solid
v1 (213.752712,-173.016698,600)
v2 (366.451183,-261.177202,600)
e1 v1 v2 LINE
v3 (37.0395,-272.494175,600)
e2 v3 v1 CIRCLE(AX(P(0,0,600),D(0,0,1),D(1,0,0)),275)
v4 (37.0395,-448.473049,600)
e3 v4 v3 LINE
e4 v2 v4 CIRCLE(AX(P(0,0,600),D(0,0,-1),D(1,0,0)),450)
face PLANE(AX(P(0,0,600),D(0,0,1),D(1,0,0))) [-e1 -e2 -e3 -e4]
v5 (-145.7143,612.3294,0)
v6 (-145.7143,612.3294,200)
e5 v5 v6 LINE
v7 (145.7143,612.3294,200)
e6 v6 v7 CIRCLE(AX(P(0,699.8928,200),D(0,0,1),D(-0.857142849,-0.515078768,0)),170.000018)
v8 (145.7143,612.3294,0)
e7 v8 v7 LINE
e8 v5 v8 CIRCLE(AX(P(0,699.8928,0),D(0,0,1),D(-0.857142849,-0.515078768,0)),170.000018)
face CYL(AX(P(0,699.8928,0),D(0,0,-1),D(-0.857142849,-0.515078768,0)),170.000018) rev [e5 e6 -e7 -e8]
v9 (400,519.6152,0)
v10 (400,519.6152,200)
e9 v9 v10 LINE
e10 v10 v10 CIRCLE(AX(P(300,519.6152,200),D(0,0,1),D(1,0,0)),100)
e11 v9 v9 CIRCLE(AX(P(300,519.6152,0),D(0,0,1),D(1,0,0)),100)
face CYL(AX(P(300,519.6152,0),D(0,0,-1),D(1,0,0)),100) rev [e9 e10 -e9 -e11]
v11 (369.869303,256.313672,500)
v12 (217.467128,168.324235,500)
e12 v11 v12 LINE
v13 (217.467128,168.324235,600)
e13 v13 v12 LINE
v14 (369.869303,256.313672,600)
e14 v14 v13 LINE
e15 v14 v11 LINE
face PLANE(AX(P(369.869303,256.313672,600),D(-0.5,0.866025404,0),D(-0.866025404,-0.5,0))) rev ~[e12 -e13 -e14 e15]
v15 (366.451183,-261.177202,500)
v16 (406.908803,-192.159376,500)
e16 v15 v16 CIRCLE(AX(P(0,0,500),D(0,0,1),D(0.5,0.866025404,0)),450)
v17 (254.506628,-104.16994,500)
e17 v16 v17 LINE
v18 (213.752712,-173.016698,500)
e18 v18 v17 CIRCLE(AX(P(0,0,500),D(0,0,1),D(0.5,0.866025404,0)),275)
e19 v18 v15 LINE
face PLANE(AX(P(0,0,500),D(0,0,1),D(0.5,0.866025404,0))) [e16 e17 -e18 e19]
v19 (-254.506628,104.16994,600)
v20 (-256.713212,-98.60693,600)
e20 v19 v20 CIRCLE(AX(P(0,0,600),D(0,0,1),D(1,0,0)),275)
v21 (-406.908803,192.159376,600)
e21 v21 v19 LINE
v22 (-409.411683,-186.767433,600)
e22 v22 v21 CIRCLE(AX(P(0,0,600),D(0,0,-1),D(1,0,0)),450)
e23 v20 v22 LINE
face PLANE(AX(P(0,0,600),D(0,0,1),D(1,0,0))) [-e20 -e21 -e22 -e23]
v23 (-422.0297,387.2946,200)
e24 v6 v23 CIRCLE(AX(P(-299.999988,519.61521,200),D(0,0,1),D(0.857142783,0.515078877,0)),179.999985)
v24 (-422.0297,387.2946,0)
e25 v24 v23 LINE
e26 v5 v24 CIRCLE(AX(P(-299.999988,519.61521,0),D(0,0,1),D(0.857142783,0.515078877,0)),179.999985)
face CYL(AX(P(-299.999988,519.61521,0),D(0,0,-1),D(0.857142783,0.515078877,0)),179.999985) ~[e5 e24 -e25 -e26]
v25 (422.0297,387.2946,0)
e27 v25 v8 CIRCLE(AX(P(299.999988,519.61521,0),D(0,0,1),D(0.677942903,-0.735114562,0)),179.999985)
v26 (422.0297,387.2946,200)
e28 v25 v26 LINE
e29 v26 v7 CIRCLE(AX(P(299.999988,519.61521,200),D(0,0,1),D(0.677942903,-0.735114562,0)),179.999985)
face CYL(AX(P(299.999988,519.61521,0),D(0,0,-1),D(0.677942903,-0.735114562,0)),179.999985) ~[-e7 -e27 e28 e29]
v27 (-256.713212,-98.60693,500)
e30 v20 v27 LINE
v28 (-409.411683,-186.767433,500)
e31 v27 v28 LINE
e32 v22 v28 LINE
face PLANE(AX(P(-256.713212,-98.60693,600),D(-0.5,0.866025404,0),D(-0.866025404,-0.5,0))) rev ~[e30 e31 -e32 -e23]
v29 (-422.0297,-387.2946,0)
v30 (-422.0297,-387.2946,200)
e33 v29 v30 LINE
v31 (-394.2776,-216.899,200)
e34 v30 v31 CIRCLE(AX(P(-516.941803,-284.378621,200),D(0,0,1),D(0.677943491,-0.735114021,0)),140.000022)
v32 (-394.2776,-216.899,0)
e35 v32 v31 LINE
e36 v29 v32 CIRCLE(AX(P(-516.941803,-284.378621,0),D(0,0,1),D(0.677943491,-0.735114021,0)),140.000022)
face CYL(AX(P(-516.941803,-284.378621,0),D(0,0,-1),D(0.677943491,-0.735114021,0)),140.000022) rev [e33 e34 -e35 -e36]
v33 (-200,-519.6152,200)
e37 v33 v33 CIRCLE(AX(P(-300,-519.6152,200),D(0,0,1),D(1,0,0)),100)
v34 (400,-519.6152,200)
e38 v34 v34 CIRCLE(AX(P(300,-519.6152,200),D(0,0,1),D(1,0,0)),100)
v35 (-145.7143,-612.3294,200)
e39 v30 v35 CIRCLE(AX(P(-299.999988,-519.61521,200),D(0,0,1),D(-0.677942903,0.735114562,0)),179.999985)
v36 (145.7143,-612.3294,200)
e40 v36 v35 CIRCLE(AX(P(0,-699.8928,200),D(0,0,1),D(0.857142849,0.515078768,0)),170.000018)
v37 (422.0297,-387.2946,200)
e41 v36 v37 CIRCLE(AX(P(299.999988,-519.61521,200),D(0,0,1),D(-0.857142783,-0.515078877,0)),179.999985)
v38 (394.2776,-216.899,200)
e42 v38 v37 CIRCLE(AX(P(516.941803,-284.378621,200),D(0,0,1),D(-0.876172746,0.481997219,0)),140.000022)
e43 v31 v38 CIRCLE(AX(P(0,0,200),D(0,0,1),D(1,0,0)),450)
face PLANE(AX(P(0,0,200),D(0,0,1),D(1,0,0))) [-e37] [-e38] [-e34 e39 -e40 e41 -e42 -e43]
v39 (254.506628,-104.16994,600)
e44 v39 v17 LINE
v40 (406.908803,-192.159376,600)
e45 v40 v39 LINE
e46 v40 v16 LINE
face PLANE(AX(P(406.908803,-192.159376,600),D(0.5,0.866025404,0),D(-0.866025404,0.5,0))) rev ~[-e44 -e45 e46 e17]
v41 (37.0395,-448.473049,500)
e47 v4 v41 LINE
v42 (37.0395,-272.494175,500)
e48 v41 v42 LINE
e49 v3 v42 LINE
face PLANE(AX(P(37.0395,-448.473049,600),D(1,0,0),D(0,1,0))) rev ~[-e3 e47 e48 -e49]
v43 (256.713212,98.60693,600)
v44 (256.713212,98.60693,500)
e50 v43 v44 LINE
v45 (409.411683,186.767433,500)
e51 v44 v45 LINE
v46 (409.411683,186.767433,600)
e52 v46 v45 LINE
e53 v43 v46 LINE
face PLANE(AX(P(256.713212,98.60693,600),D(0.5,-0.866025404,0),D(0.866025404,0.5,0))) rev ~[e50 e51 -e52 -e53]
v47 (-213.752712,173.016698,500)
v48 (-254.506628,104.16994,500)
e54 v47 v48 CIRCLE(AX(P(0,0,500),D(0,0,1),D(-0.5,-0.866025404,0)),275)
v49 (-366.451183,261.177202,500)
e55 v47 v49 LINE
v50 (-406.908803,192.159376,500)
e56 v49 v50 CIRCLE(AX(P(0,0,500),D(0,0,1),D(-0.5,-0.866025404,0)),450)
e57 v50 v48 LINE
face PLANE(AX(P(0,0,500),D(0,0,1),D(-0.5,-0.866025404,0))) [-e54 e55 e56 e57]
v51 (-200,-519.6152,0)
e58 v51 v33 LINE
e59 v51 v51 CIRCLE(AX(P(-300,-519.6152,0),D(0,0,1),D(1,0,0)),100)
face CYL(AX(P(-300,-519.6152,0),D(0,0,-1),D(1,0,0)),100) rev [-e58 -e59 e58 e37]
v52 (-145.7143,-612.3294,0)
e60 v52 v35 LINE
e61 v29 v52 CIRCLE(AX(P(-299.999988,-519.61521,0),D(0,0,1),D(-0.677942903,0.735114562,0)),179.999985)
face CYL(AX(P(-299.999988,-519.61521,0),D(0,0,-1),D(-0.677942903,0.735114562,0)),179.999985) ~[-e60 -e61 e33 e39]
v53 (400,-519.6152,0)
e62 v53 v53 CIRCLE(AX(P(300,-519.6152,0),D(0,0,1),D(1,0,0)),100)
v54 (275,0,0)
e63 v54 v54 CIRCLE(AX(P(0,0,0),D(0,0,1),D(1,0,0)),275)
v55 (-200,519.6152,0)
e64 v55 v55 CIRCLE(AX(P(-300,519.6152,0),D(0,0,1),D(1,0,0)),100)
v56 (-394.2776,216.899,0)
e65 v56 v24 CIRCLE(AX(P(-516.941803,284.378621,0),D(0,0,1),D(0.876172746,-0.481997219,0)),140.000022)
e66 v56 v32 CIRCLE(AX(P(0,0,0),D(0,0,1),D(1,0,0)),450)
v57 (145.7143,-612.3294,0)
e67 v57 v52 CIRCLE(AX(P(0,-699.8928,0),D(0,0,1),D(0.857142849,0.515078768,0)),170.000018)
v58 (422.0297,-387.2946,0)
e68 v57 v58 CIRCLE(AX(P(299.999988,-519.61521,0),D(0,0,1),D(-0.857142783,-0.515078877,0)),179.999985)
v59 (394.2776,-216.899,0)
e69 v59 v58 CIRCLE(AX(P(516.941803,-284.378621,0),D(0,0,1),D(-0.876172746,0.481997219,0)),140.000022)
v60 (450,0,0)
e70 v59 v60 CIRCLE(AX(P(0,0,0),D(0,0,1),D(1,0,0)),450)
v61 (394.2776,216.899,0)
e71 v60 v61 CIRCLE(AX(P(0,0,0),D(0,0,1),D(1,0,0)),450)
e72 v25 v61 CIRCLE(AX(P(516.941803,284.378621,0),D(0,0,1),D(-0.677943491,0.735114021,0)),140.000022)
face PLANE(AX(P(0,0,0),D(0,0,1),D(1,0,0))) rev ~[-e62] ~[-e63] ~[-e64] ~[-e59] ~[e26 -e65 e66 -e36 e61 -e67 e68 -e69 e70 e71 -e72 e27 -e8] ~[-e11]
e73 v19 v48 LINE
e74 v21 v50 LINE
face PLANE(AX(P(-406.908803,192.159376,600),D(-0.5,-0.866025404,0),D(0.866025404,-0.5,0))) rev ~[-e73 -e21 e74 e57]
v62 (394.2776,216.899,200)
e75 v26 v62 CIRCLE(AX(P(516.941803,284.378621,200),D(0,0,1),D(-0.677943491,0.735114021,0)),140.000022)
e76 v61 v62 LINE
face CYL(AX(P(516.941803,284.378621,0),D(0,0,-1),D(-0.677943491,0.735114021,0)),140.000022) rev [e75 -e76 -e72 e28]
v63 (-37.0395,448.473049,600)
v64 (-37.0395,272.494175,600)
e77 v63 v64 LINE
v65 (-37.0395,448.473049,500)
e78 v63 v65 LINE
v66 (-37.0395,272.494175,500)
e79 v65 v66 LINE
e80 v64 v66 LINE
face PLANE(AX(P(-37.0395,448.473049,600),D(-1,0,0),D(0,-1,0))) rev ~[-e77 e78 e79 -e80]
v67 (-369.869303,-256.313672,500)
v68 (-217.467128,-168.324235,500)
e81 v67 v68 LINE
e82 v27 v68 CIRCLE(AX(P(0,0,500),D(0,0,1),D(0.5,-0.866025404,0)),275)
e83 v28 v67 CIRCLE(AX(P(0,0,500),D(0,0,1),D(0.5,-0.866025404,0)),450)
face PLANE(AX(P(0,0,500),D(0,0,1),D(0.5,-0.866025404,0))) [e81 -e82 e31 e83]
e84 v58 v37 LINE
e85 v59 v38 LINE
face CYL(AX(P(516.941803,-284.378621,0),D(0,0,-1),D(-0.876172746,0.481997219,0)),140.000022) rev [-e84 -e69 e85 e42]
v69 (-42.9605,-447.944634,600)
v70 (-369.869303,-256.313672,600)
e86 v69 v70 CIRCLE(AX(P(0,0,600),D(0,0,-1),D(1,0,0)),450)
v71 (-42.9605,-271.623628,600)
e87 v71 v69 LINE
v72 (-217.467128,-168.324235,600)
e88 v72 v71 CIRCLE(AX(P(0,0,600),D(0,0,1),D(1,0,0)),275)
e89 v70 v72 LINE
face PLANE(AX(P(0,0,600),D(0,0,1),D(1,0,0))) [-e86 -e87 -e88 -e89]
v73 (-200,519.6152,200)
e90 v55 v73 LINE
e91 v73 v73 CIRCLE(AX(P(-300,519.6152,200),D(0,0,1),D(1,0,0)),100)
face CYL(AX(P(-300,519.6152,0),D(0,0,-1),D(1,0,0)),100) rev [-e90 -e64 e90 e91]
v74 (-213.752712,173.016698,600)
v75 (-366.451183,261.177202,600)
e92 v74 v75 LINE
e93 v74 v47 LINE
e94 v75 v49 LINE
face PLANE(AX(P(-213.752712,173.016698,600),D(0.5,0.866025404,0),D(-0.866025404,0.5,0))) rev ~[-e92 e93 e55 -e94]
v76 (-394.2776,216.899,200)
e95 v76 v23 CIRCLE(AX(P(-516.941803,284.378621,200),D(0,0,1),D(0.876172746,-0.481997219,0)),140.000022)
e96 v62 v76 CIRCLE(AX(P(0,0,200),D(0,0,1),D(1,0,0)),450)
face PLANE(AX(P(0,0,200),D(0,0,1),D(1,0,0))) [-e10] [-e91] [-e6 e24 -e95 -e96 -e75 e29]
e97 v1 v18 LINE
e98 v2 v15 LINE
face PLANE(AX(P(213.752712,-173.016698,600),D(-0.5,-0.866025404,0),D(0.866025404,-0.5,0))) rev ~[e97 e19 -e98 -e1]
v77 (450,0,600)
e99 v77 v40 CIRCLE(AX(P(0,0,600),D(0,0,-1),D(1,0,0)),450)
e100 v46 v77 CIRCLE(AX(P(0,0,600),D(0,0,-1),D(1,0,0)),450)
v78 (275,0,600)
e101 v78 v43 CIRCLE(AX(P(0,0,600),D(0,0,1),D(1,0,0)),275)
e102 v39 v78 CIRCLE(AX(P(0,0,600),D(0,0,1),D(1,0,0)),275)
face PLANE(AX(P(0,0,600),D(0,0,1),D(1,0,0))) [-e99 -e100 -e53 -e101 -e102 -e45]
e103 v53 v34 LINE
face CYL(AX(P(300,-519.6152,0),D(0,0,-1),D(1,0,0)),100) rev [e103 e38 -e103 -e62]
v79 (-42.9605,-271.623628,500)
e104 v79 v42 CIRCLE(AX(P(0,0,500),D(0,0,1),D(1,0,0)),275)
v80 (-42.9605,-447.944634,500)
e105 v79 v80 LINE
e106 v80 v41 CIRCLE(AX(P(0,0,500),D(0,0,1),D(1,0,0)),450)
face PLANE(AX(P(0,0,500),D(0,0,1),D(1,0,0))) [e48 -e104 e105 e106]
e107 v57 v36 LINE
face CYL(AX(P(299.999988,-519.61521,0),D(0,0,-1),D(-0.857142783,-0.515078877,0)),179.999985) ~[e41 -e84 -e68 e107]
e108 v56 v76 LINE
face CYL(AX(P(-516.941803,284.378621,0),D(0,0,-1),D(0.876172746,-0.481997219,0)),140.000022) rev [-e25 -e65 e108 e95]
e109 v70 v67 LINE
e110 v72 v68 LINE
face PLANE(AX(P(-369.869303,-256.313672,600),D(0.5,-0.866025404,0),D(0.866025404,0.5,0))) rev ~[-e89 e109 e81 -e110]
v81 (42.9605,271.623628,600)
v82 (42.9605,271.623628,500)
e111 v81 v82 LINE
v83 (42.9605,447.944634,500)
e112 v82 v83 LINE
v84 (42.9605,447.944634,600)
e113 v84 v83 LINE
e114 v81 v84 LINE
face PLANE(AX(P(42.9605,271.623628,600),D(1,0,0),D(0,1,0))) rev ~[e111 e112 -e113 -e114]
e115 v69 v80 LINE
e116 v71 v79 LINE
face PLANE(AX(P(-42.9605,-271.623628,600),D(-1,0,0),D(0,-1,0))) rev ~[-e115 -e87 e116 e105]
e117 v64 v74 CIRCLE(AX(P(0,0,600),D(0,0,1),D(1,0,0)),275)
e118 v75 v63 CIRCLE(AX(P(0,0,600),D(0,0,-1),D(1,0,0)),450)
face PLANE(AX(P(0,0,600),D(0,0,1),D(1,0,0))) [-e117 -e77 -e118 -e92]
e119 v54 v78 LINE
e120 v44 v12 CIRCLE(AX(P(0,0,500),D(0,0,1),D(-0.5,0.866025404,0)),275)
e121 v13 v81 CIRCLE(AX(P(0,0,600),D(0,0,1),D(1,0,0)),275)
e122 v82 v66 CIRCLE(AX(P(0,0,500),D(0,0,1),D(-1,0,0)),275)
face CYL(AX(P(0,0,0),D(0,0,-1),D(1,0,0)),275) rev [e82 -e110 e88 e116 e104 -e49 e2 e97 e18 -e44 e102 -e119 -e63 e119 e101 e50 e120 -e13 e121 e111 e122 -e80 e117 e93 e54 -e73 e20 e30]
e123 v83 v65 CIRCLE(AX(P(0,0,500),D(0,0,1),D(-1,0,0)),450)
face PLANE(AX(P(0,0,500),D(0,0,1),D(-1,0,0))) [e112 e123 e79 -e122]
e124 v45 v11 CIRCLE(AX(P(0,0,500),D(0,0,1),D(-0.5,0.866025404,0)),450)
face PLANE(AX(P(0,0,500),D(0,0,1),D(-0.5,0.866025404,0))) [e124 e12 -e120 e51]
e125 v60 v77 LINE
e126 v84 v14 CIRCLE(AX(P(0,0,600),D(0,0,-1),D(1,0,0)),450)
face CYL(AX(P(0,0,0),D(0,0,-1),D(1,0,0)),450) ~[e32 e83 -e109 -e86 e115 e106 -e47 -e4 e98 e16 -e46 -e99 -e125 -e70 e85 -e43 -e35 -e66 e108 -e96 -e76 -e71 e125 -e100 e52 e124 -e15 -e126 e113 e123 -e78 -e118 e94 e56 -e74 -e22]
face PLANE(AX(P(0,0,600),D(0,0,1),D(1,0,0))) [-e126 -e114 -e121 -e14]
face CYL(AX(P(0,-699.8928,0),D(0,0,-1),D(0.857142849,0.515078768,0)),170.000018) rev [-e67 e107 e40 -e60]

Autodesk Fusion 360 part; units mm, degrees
sketch "Sketch1" plane through (0, 0, 0) normal (0, 0, 1) x (1, 0, 0)
  circle A0 centre (0, 0) radius 275
  circle A1 centre (0, 0) radius 450
  line L0 (0, 0) -> (0, 1300) construction
  line L1 (0, 0) -> (1400, 0) construction
  line L2 (0, 0) -> (-820.061, 1420.3873) construction
  circle A2 centre (-300, 519.6152) radius 100
  circle A3 centre (300, 519.6152) radius 100
  arc A4 (-145.7143, 612.3294) -> (145.7143, 612.3294) centre (0, 699.8928) ccw
  arc A5 (-394.2776, 216.899) -> (-422.0297, 387.2946) centre (-516.9418, 284.3786) ccw
  arc A6 (422.0297, 387.2946) -> (394.2776, 216.899) centre (516.9418, 284.3786) ccw
  arc A7 (-145.7143, 612.3294) -> (-422.0297, 387.2946) centre (-300, 519.6152) ccw
  arc A8 (422.0297, 387.2946) -> (145.7143, 612.3294) centre (300, 519.6152) ccw
  arc A9 (-422.0297, -387.2946) -> (-394.2776, -216.899) centre (-516.9418, -284.3786) ccw
  arc A10 (-422.0297, -387.2946) -> (-145.7143, -612.3294) centre (-300, -519.6152) ccw
  arc A11 (145.7143, -612.3294) -> (-145.7143, -612.3294) centre (0, -699.8928) ccw
  arc A12 (145.7143, -612.3294) -> (422.0297, -387.2946) centre (300, -519.6152) ccw
  arc A13 (394.2776, -216.899) -> (422.0297, -387.2946) centre (516.9418, -284.3786) ccw
  circle A14 centre (-300, -519.6152) radius 100
  circle A15 centre (300, -519.6152) radius 100
  dimension "d1" = 550
  dimension "d2" = 900
  dimension "d3" = 30
  dimension "d4" = 200
  dimension "d5" = 360
  dimension "d6" = 600
  dimension "d7" = 170
  dimension "d8" = 140
extrude "Extrude1" add sketch "Sketch1" along normal blind 200 contours A1 A4 A5 A6 A7 A8 | A1 A9 A10 A11 A12 A13 makes body 1 at (-383.5434, 235.3603, 133.3333) makes body 2 at (383.5434, -235.3603, 133.3333)
extrude "Extrude2" add sketch "Sketch1" along normal blind 600 contours A1 bodies 1 2
sketch "Sketch2" plane through (0, 0, 600) normal (0, 0, 1) x (-1, 0, 0)
  circle A0 centre (0, 0) radius 275
  circle A1 centre (0, 0) radius 450
  line L0 (37.0395, -264.2232) -> (-42.9605, -264.2232)
  line L1 (-42.9605, -264.2232) -> (-42.9605, -454.2232)
  line L2 (-42.9605, -454.2232) -> (37.0395, -454.2232)
  line L3 (37.0395, -454.2232) -> (37.0395, -264.2232)
  line L4 (37.0395, -264.2232) -> (-42.9605, -454.2232) construction
  line L5 (-42.9605, -264.2232) -> (37.0395, -454.2232) construction
  point P0 (-2.9605, -359.2232)
  dimension "d13" = 80
  dimension "d14" = 190
extrude "Extrude3" cut sketch "Sketch2" against normal blind 100 contours A0 A1 L1 L3 picked at (28.1553, -331.9237) bodies 1
pattern_circular "C-Pattern1" count 6 over 360 about axis through (0, 0, 600) along (0, 0, 1) of "Extrude3"
